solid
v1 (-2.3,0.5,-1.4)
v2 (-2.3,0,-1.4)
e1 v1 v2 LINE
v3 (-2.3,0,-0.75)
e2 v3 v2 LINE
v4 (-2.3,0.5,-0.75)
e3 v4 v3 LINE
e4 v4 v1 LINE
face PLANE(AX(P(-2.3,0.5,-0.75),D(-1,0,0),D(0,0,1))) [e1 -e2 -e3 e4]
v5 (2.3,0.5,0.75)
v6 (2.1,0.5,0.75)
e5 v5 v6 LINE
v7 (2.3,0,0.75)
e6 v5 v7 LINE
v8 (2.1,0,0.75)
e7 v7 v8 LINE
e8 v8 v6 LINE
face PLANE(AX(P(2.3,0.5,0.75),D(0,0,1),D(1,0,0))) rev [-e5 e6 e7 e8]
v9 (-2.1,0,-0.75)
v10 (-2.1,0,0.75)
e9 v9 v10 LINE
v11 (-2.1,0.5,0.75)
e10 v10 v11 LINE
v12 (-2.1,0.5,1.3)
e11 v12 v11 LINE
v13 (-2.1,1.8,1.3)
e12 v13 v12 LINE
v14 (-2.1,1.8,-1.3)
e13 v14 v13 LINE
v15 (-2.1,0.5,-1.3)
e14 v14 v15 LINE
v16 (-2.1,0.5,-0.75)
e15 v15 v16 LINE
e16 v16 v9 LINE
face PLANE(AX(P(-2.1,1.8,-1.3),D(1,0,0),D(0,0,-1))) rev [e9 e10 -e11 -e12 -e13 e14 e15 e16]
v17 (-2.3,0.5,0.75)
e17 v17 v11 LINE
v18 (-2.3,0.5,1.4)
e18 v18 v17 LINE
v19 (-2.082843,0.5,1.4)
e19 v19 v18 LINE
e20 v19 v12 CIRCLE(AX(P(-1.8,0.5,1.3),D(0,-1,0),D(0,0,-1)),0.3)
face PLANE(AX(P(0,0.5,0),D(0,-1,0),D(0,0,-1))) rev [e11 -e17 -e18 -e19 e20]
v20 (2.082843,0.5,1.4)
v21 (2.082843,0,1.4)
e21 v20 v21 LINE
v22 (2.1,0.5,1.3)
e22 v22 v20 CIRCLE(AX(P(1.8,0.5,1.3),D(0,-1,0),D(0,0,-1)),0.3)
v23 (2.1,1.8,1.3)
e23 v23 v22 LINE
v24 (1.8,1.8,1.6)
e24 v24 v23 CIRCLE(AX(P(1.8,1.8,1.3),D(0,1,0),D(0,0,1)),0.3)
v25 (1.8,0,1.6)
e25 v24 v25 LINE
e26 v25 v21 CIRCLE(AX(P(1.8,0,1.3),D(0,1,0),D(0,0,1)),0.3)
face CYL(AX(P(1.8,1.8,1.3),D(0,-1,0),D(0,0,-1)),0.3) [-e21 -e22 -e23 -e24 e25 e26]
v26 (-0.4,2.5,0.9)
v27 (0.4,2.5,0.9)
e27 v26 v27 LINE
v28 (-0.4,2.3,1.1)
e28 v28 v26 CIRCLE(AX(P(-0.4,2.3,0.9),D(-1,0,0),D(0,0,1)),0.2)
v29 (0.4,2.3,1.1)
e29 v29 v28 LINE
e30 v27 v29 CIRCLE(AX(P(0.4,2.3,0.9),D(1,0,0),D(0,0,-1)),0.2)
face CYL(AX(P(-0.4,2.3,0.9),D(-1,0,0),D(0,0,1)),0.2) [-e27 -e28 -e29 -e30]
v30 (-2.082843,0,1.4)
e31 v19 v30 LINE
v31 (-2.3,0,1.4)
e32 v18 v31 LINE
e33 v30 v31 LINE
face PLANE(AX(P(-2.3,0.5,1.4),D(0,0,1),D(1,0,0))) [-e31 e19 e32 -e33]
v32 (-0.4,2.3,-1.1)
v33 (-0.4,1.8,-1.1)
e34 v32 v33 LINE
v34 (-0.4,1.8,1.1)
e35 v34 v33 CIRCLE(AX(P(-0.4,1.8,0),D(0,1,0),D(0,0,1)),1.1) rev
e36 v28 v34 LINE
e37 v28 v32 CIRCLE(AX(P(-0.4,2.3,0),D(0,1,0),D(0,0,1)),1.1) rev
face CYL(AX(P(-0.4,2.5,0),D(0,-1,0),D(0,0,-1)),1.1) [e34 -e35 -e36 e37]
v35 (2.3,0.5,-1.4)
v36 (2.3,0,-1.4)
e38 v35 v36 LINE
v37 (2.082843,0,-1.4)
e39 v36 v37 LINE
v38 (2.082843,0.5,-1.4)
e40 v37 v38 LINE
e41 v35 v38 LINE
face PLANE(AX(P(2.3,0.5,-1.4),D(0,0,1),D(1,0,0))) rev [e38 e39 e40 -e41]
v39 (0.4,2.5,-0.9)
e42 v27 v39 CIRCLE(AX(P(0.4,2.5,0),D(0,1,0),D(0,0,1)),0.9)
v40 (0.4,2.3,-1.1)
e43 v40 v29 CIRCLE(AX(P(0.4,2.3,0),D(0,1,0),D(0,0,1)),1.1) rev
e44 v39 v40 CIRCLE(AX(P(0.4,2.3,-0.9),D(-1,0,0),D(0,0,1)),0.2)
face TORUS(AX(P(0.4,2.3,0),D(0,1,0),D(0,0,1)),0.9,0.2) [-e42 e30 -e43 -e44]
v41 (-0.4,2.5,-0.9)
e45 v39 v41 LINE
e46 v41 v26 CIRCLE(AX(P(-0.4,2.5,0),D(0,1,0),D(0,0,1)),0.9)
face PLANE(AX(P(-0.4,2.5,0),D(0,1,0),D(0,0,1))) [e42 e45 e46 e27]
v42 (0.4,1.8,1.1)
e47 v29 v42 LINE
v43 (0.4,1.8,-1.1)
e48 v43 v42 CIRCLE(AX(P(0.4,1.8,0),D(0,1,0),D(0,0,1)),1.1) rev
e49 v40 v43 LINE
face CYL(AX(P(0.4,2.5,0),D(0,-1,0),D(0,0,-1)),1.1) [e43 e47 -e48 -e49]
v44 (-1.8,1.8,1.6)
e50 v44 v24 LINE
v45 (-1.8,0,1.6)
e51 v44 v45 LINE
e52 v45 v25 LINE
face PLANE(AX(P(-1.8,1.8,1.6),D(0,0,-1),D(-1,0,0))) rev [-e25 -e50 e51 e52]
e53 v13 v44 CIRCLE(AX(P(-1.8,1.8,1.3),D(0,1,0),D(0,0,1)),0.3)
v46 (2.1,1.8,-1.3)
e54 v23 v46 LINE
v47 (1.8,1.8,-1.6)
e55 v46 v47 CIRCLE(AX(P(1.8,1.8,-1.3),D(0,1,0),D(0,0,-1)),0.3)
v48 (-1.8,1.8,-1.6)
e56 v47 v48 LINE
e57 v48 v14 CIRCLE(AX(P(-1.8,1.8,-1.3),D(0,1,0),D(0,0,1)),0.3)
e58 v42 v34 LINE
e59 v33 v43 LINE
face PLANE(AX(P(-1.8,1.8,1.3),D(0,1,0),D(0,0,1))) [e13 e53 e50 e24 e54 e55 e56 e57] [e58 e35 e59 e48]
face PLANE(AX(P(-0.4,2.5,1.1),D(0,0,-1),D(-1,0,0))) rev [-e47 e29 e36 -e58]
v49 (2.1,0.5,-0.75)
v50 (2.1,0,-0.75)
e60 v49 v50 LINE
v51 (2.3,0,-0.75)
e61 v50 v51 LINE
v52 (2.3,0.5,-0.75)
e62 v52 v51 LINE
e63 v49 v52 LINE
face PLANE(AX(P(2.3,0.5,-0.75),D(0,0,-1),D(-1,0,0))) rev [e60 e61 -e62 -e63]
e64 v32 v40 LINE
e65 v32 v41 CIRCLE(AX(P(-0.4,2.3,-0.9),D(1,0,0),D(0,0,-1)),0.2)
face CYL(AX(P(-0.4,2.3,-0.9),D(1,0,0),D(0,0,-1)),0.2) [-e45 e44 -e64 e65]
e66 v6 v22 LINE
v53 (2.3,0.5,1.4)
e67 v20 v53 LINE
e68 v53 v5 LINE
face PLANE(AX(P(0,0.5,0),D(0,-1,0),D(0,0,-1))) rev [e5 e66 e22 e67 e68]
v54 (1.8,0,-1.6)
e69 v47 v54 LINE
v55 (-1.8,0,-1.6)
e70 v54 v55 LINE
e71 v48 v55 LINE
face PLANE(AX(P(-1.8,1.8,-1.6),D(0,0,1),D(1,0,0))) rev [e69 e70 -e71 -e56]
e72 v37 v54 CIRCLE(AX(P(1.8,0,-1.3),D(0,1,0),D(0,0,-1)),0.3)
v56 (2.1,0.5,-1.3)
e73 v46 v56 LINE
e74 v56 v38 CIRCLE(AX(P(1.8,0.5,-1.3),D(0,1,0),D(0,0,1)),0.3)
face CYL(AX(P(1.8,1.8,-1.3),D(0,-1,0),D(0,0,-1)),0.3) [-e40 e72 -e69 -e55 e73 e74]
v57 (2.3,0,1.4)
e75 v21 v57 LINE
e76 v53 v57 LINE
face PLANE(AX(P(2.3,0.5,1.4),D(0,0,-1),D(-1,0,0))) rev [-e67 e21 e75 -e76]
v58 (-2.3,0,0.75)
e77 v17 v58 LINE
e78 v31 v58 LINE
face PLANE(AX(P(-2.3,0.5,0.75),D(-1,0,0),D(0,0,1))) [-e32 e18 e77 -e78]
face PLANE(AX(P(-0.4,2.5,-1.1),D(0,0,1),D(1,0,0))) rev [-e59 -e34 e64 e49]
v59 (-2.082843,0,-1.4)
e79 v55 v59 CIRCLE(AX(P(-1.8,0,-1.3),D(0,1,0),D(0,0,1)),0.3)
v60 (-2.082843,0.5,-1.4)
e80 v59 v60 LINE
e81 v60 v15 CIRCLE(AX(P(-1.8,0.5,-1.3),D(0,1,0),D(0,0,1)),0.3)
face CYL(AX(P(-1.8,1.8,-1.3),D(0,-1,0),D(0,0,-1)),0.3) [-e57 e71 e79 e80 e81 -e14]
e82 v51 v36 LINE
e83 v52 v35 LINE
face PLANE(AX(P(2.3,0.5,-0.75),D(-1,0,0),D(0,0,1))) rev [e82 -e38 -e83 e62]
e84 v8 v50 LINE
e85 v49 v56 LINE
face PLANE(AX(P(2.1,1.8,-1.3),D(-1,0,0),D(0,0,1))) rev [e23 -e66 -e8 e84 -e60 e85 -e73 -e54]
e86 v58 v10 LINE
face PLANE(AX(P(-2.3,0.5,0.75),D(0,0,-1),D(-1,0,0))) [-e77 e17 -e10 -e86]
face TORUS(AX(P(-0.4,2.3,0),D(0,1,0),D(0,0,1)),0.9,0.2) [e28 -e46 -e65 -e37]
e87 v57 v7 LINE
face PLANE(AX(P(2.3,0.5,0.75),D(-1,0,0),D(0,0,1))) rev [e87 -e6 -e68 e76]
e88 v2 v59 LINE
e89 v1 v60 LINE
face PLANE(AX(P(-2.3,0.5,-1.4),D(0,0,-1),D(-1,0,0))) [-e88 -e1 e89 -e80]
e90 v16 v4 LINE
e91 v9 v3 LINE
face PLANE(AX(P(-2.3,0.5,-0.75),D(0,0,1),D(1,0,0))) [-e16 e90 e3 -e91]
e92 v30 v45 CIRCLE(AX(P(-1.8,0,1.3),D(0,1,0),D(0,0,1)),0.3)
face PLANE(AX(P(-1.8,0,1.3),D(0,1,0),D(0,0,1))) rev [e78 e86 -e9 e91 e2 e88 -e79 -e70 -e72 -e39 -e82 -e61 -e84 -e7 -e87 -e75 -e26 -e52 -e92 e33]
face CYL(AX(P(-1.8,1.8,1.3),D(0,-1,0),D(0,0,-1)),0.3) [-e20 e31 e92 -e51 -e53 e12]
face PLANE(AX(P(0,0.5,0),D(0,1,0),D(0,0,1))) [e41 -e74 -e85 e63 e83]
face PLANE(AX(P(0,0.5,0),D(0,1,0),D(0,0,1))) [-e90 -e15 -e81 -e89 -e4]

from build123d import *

# Parameters (mm, degrees)
BOSS_EXTRUDE1_DEPTH = 1.8
BOSS_EXTRUDE2_DEPTH = 2.5
FILLET1_R           = 0.2
SKETCH3_W           = 0.75
SKETCH3_H           = 0.65
BOSS_EXTRUDE3_DEPTH = 0.5


with BuildPart() as part:
    # Sketch1 → Boss-Extrude1 (new body)
    with BuildSketch(Plane(origin=(0, 0, 0), x_dir=(1, 0, 0), z_dir=(0, 1, 0))):
        with BuildLine():
            Line((-1.8, 1.6), (1.8, 1.6))
            ThreePointArc((1.8, 1.6), (2.012132034, 1.512132034), (2.1, 1.3))
            Line((2.1, 1.3), (2.1, -1.3))
            ThreePointArc((2.1, -1.3), (2.012132034, -1.512132034), (1.8, -1.6))
            Line((1.8, -1.6), (-1.8, -1.6))
            ThreePointArc((-1.8, -1.6), (-2.012132034, -1.512132034), (-2.1, -1.3))
            Line((-2.1, -1.3), (-2.1, 1.3))
            ThreePointArc((-2.1, 1.3), (-2.012132034, 1.512132034), (-1.8, 1.6))
        make_face()
    extrude(amount=BOSS_EXTRUDE1_DEPTH)

    # Sketch2 → Boss-Extrude2 (add)
    with BuildSketch(Plane(origin=(0, 0, 0), x_dir=(1, 0, 0), z_dir=(0, 1, 0))):
        with BuildLine():
            Line((-0.4, 1.1), (0.4, 1.1))
            ThreePointArc((0.4, 1.1), (1.5, 0), (0.4, -1.1))
            Line((0.4, -1.1), (-0.4, -1.1))
            ThreePointArc((-0.4, -1.1), (-1.5, 0), (-0.4, 1.1))
        make_face()
    extrude(amount=BOSS_EXTRUDE2_DEPTH)

    # Fillet1
    fillet1_edges = [part.edges().sort_by_distance(p)[0] for p in [
        (-1.5, 2.5, 0),
        (0, 2.5, 1.1),
        (1.5, 2.5, 0),
        (0, 2.5, -1.1),
    ]]
    fillet(fillet1_edges, radius=FILLET1_R)

    # Sketch3 → Boss-Extrude3 (add)
    with BuildSketch(Plane(origin=(0, 0, 0), x_dir=(1, 0, 0), z_dir=(0, 1, 0))):
        with Locations((1.925, 1.075)):
            Rectangle(SKETCH3_W, SKETCH3_H)
        with Locations((1.925, -1.075)):
            Rectangle(SKETCH3_W, SKETCH3_H)
    boss_extrude3 = extrude(amount=BOSS_EXTRUDE3_DEPTH)

    # Mirror1: Boss-Extrude3 across plane
    add(boss_extrude3.mirror(Plane(origin=(0, 0, 0), x_dir=(0, 0, 1), z_dir=(1, 0, 0))))


solid = part.part
